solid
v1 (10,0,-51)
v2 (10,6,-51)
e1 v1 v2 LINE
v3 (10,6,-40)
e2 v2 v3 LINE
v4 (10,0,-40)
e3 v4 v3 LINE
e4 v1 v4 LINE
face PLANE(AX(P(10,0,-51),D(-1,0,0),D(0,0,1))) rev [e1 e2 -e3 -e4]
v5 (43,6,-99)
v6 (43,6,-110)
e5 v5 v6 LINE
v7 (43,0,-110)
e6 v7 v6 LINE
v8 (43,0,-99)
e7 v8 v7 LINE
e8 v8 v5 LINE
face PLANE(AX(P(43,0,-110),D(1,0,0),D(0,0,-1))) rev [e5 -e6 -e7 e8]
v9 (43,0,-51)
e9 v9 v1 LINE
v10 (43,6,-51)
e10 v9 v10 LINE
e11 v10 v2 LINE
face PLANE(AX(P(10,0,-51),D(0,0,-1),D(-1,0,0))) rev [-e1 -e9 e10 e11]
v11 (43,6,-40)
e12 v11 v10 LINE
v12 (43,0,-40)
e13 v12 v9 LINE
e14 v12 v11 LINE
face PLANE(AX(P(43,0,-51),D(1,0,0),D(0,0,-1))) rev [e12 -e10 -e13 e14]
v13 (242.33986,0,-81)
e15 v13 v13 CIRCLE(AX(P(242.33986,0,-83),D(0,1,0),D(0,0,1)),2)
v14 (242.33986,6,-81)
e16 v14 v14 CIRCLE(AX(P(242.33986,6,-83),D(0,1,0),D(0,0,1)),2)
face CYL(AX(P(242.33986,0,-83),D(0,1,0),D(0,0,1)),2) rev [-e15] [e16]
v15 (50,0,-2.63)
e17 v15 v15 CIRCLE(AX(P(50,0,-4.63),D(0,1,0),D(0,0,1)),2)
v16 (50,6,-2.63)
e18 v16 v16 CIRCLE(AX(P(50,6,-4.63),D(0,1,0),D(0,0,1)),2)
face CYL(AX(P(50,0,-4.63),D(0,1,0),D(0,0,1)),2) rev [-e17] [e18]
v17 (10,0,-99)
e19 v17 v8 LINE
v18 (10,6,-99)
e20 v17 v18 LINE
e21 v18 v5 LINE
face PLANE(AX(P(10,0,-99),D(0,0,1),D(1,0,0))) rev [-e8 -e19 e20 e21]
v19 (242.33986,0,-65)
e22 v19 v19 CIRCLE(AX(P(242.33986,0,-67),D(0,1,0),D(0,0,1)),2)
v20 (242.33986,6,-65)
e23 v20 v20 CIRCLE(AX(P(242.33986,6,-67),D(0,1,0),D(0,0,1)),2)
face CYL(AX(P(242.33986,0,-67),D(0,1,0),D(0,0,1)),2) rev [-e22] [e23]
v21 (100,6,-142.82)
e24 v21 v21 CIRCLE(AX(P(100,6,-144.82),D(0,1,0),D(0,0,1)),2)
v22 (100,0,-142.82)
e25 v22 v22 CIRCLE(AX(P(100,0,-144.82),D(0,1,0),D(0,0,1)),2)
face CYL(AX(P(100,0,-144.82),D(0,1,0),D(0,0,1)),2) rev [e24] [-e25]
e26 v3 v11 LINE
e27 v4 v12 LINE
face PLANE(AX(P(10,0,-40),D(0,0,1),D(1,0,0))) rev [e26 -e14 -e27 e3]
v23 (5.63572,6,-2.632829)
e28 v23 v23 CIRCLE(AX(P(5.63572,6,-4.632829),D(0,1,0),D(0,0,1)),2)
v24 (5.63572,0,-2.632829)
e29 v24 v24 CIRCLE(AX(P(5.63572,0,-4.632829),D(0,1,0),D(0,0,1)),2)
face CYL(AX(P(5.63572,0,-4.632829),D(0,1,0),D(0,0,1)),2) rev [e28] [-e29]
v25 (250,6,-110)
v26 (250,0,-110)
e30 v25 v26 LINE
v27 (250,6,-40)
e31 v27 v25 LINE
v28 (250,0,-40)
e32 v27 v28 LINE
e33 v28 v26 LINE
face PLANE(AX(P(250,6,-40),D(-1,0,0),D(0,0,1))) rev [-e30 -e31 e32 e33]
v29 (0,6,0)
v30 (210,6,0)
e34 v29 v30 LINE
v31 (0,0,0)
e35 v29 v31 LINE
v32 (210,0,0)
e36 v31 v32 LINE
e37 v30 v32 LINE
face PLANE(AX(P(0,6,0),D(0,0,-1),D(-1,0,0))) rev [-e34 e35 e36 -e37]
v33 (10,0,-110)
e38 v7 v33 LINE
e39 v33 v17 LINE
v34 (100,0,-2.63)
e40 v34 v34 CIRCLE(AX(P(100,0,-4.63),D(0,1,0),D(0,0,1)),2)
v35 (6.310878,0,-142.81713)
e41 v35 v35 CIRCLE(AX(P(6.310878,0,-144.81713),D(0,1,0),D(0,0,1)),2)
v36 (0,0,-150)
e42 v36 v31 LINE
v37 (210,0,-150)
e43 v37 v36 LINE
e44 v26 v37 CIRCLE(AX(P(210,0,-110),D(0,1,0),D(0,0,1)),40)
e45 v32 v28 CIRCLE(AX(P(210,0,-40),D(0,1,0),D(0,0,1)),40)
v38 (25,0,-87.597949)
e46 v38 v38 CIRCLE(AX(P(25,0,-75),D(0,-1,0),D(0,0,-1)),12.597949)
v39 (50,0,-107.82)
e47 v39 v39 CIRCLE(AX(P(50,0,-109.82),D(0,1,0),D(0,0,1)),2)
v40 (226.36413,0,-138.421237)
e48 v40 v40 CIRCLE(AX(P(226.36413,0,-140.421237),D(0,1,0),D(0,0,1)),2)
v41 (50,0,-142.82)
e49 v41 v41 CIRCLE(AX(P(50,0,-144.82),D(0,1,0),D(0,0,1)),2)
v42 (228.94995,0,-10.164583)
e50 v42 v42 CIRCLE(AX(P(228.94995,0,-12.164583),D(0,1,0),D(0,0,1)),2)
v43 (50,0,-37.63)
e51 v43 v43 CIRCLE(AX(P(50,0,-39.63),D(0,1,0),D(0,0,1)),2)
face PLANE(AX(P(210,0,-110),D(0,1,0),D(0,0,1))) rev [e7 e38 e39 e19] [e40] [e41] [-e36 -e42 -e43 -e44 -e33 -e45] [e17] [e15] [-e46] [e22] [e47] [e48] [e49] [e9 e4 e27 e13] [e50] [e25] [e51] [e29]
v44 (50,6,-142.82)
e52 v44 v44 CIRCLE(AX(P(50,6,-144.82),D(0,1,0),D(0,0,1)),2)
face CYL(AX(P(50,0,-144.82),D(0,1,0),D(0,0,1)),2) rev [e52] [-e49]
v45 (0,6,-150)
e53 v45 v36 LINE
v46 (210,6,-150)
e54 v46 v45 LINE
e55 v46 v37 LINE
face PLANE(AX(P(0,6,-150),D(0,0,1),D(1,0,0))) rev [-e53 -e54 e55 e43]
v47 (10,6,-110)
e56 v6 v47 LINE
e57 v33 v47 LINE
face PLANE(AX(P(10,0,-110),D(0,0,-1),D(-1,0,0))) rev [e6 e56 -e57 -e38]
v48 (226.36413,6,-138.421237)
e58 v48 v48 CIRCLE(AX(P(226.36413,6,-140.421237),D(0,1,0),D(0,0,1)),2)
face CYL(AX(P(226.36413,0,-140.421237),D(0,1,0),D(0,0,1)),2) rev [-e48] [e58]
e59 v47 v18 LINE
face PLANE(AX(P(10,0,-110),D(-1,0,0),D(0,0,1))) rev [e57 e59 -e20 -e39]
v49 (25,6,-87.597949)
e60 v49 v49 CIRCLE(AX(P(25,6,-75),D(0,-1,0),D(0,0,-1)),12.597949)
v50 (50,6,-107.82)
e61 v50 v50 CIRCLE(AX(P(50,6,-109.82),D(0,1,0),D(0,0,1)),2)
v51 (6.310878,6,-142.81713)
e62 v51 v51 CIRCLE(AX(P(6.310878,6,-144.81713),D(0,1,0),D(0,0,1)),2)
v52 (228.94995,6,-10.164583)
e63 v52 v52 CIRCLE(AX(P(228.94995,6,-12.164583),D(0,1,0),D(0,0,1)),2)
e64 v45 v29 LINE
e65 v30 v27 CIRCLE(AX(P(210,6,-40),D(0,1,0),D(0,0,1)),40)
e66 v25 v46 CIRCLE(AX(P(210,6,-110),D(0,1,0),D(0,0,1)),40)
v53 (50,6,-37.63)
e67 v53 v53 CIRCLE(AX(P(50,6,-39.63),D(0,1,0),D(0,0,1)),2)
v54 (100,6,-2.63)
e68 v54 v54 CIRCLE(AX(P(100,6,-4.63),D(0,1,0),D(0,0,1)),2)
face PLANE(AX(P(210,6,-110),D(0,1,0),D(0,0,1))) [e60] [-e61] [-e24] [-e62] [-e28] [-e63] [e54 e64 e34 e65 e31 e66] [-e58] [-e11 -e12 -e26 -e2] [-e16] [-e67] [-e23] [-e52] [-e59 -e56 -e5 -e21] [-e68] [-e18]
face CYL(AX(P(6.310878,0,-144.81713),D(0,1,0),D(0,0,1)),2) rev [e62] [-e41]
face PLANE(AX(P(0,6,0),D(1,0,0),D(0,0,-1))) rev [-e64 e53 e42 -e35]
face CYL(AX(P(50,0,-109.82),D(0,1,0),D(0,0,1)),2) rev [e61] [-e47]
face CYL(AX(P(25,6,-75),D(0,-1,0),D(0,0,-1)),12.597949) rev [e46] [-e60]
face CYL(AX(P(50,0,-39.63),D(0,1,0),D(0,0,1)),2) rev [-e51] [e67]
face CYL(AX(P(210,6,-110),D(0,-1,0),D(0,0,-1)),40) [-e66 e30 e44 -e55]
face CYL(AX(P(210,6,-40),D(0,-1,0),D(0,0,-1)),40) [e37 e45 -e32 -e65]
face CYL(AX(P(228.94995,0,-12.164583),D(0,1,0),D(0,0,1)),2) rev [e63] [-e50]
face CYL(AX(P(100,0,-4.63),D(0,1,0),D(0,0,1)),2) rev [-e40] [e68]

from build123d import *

# Parameters (mm, degrees)
BOSS_EXTRUDE1_DEPTH = 6
SKETCH2_R           = 12.59794853
CUT_EXTRUDE1_DEPTH  = 292.609327697
SKETCH3_R           = 2
CUT_EXTRUDE10_DEPTH = 292.609327697
SKETCH4_R           = 2
CUT_EXTRUDE11_DEPTH = 292.609327697
SKETCH5_R           = 2
CUT_EXTRUDE12_DEPTH = 292.609327697
SKETCH6_R           = 2
CUT_EXTRUDE13_DEPTH = 292.609327697
SKETCH8_R           = 2
CUT_EXTRUDE14_DEPTH = 292.609327697
SKETCH10_R          = 2
CUT_EXTRUDE15_DEPTH = 292.609327697
SKETCH13_W          = 33
SKETCH13_H          = 11
CUT_EXTRUDE16_DEPTH = 292.609327697


with BuildPart() as part:
    # Sketch1 → Boss-Extrude1 (new body)
    with BuildSketch(Plane(origin=(0, 0, 0), x_dir=(1, 0, 0), z_dir=(0, 1, 0))):
        with BuildLine():
            Line((0, 0), (210, 0))
            ThreePointArc((210, 0), (238.284271247, 11.715728753), (250, 40))
            Line((250, 40), (250, 110))
            ThreePointArc((250, 110), (238.284271247, 138.284271247), (210, 150))
            Line((210, 150), (0, 150))
            Line((0, 150), (0, 0))
        make_face()
    extrude(amount=BOSS_EXTRUDE1_DEPTH)

    # Sketch2 → Cut-Extrude1 (cut, through all)
    with BuildSketch(Plane.XZ):
        with Locations(Location((25, -75, 0), (0, 0, 270))):
            Circle(SKETCH2_R)
    extrude(amount=-CUT_EXTRUDE1_DEPTH, mode=Mode.SUBTRACT)

    # Sketch3 → Cut-Extrude10 (cut, through all)
    with BuildSketch(Plane(origin=(0, 6, 0), x_dir=(1, 0, 0), z_dir=(0, 1, 0))):
        with Locations(Location((6.310878228, 144.817130454, 0), (0, 0, 270))):
            Circle(SKETCH3_R)
    extrude(amount=-CUT_EXTRUDE10_DEPTH, mode=Mode.SUBTRACT)

    # Sketch4 → Cut-Extrude11 (cut, through all)
    with BuildSketch(Plane(origin=(0, 6, 0), x_dir=(1, 0, 0), z_dir=(0, 1, 0))):
        with Locations(Location((5.635720357, 4.632829204, 0), (0, 0, 270))):
            Circle(SKETCH4_R)
    extrude(amount=-CUT_EXTRUDE11_DEPTH, mode=Mode.SUBTRACT)

    # Sketch5 → Cut-Extrude12 (cut, through all)
    with BuildSketch(Plane(origin=(0, 6, 0), x_dir=(1, 0, 0), z_dir=(0, 1, 0))):
        with Locations(Location((226.364130141, 140.421237055, 0), (0, 0, 270))):
            Circle(SKETCH5_R)
    extrude(amount=-CUT_EXTRUDE12_DEPTH, mode=Mode.SUBTRACT)

    # Sketch6 → Cut-Extrude13 (cut, through all)
    with BuildSketch(Plane(origin=(0, 6, 0), x_dir=(1, 0, 0), z_dir=(0, 1, 0))):
        with Locations(Location((228.949949788, 12.164582591, 0), (0, 0, 270))):
            Circle(SKETCH6_R)
    extrude(amount=-CUT_EXTRUDE13_DEPTH, mode=Mode.SUBTRACT)

    # Sketch8 → Cut-Extrude14 (cut, through all)
    with BuildSketch(Plane(origin=(0, 6, 0), x_dir=(1, 0, 0), z_dir=(0, 1, 0))):
        with Locations(Location((242.339859996, 83, 0), (0, 0, 270))):
            Circle(SKETCH8_R)
        with Locations(Location((242.339859996, 67, 0), (0, 0, 270))):
            Circle(SKETCH8_R)
    extrude(amount=-CUT_EXTRUDE14_DEPTH, mode=Mode.SUBTRACT)

    # Sketch10 → Cut-Extrude15 (cut, through all)
    with BuildSketch(Plane(origin=(0, 6, 0), x_dir=(1, 0, 0), z_dir=(0, 1, 0))):
        with Locations(Location((50, 144.82, 0), (0, 0, 270))):
            Circle(SKETCH10_R)
        with Locations(Location((50, 4.63, 0), (0, 0, 270))):
            Circle(SKETCH10_R)
        with Locations(Location((100, 4.63, 0), (0, 0, 270))):
            Circle(SKETCH10_R)
        with Locations(Location((100, 144.82, 0), (0, 0, 270))):
            Circle(SKETCH10_R)
        with Locations(Location((50, 109.82, 0), (0, 0, 270))):
            Circle(SKETCH10_R)
        with Locations(Location((50, 39.63, 0), (0, 0, 270))):
            Circle(SKETCH10_R)
    extrude(amount=-CUT_EXTRUDE15_DEPTH, mode=Mode.SUBTRACT)

    # Sketch13 → Cut-Extrude16 (cut, through all)
    with BuildSketch(Plane(origin=(0, 6, 0), x_dir=(1, 0, 0), z_dir=(0, 1, 0))):
        with Locations((26.5, 104.5)):
            Rectangle(SKETCH13_W, SKETCH13_H)
        with Locations((26.5, 45.5)):
            Rectangle(SKETCH13_W, SKETCH13_H)
    extrude(amount=-CUT_EXTRUDE16_DEPTH, mode=Mode.SUBTRACT)


solid = part.part
